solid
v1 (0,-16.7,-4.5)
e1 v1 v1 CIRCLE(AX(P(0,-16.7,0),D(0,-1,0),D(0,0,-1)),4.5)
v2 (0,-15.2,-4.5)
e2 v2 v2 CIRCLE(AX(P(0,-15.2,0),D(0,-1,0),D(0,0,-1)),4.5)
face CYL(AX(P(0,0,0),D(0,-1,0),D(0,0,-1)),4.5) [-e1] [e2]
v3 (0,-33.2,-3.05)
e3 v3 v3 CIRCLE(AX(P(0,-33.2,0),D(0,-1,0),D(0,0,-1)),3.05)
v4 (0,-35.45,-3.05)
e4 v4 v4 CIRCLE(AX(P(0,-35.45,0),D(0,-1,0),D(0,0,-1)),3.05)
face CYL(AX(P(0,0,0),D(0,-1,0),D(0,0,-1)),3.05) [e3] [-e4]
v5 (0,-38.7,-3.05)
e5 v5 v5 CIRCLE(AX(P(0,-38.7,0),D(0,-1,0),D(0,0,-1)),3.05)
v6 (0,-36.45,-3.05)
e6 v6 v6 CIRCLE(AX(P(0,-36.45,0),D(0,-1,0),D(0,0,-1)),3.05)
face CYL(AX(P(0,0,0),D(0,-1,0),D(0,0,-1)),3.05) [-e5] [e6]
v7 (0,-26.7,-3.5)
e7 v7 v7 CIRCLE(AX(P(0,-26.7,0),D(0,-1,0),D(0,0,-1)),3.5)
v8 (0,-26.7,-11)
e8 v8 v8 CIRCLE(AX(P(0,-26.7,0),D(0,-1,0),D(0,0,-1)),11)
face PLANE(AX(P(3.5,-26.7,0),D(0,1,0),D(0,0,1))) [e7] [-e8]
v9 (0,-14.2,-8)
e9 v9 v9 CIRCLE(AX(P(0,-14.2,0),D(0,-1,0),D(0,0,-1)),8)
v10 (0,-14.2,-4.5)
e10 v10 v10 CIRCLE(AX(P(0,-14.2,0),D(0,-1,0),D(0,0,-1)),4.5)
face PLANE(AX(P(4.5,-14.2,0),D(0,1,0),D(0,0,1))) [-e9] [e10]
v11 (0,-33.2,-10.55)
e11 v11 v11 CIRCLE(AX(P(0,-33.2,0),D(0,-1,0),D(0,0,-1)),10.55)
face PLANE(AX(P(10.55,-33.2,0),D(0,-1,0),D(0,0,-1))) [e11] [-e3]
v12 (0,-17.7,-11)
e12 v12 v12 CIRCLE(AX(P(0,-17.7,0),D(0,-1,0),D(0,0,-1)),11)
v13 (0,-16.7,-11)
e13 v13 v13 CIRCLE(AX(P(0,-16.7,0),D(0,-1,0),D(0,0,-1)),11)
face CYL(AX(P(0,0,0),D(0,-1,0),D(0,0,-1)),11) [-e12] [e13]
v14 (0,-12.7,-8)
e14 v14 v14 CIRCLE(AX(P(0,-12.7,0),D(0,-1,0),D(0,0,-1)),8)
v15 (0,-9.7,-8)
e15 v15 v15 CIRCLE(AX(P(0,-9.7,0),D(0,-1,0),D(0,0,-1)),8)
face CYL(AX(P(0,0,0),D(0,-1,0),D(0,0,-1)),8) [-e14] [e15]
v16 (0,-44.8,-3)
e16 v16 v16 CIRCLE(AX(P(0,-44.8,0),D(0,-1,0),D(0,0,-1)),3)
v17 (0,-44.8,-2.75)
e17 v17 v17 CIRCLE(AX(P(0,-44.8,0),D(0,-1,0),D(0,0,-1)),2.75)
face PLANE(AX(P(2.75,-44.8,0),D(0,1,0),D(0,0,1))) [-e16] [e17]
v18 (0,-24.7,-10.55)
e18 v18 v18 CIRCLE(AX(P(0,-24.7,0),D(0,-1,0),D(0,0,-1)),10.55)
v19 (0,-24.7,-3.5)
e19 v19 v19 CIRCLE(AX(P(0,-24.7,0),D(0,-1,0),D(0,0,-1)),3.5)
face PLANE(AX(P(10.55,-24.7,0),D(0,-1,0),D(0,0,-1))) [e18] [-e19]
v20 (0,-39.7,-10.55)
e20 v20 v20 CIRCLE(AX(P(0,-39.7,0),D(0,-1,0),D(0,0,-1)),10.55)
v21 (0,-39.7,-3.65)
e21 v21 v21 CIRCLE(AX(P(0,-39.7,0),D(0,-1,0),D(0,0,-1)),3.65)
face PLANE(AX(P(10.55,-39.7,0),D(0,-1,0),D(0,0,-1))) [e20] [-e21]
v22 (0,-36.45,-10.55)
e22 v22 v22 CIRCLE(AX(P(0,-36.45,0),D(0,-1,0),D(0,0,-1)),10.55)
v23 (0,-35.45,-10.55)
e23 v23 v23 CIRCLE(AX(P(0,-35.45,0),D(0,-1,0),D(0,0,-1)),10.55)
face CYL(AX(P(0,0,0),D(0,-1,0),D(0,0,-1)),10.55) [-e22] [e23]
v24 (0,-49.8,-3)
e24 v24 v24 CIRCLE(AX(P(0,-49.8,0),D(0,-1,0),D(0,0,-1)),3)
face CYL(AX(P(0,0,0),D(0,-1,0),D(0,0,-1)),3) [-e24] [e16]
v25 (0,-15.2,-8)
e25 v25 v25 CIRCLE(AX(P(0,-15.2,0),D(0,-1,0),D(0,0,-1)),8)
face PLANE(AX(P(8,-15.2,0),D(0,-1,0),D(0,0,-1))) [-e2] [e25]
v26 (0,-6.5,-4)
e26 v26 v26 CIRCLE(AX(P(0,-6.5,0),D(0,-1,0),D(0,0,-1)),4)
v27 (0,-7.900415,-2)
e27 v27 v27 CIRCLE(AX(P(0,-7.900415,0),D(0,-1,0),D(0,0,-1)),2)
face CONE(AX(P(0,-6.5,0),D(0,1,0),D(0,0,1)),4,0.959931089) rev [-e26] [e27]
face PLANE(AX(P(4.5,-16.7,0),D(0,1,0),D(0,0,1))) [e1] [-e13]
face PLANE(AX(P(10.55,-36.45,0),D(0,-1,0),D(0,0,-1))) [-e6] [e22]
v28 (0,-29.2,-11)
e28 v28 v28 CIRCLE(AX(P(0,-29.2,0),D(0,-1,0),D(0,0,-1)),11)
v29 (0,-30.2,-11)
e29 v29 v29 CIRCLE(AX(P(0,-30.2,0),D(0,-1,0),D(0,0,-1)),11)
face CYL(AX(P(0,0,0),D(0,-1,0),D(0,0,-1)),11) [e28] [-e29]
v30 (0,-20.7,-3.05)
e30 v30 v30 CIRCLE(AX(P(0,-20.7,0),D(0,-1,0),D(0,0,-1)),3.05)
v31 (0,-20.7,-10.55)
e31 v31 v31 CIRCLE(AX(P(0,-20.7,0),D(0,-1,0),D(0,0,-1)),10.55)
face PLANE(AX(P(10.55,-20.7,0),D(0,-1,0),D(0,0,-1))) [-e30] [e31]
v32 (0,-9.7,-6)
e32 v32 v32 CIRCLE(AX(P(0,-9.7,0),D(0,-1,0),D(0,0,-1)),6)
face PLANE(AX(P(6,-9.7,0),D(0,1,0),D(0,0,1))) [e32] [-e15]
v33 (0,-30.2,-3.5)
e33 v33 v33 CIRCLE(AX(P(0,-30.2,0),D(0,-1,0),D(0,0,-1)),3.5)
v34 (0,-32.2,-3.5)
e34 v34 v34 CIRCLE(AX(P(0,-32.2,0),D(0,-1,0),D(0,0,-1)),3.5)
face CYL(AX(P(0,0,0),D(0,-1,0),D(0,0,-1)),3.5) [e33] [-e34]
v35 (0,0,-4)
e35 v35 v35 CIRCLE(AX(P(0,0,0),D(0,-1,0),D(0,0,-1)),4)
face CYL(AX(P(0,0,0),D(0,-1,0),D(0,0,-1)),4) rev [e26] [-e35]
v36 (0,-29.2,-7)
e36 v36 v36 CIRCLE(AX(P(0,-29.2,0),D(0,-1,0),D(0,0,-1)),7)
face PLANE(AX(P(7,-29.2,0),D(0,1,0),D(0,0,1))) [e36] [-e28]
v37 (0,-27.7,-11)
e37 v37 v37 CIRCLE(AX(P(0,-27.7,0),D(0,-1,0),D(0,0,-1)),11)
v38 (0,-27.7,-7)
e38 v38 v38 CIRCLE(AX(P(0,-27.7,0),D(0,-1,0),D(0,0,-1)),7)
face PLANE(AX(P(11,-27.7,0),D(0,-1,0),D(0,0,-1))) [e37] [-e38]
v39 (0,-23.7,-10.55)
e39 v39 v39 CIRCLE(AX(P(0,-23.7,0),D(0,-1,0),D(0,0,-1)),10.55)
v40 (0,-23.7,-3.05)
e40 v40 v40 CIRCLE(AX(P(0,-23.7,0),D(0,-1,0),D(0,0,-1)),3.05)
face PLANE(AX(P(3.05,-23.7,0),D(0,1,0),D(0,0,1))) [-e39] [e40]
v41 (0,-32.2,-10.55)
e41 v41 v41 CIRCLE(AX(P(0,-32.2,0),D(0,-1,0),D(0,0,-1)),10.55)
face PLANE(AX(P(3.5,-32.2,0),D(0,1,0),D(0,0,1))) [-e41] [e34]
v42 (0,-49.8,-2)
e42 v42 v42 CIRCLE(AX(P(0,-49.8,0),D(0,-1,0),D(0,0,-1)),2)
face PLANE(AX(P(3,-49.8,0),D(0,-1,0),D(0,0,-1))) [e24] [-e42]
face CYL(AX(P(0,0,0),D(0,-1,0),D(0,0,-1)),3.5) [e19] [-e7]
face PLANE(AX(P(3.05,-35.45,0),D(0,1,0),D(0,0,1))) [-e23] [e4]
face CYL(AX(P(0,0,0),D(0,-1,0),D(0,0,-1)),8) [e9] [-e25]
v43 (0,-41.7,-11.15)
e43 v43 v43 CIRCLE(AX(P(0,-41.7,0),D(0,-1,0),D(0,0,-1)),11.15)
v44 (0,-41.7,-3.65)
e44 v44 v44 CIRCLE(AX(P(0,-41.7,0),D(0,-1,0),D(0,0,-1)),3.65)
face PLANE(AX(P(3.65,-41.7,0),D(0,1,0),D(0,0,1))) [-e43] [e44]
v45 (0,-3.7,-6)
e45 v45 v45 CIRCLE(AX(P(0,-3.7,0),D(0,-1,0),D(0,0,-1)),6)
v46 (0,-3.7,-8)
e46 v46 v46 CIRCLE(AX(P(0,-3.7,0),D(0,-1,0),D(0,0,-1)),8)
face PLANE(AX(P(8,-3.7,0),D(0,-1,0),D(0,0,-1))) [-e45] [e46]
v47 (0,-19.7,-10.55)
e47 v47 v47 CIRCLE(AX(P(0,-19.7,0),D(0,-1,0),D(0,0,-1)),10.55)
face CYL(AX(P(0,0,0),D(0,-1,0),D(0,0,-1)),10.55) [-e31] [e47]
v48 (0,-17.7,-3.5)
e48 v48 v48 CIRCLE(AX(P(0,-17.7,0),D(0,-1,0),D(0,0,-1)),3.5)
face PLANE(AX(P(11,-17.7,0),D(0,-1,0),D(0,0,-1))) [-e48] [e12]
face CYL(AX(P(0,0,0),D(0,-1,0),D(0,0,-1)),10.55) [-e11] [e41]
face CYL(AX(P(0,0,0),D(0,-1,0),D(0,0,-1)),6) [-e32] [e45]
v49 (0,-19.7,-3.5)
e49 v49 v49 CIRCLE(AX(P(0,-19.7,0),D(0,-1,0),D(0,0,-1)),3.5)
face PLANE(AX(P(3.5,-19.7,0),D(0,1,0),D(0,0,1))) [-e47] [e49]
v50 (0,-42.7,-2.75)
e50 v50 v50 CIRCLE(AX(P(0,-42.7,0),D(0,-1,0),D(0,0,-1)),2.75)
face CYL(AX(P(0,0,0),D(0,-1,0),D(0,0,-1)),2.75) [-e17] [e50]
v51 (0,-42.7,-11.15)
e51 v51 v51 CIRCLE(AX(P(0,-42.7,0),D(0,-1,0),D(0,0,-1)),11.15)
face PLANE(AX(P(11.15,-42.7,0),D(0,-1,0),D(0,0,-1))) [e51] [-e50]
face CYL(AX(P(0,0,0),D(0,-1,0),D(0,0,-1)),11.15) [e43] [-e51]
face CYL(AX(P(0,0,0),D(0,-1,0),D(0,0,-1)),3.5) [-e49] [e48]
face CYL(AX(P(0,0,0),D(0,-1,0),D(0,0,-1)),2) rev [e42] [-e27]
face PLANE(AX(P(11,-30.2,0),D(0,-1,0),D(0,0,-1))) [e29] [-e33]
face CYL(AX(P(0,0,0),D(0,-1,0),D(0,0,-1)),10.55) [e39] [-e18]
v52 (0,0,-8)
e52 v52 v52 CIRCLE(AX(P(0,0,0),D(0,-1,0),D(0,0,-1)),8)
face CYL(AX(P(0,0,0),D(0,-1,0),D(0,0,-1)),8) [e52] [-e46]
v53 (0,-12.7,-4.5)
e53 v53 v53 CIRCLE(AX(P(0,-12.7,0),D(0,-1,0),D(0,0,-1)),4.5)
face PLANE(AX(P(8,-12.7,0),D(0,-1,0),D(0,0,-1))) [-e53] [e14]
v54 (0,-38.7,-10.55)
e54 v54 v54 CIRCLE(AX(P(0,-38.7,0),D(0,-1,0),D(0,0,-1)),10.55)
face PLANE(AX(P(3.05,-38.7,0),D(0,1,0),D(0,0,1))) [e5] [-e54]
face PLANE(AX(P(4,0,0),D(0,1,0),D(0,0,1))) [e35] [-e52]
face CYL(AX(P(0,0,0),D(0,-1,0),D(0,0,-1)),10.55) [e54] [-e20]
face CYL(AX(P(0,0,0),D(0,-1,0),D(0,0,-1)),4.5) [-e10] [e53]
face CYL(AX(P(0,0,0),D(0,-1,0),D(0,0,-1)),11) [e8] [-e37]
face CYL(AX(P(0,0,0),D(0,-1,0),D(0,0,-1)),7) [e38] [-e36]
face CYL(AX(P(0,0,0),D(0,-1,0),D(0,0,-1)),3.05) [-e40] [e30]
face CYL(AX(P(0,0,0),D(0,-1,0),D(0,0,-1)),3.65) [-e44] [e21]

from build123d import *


with BuildPart() as part:
    # Skizze1 → Rotation1 (revolve)
    with BuildSketch(Plane.XY, mode=Mode.PRIVATE) as rotation1_sk:
        Polygon((4, 0), (8, 0), (8, -3.7), (6, -3.7), (6, -9.7), (8, -9.7), (8, -12.7), (4.5, -12.7), (4.5, -14.2), (8, -14.2), (8, -15.2), (4.5, -15.2), (4.5, -16.7), (11, -16.7), (11, -17.7), (3.5, -17.7), (3.5, -19.7), (10.55, -19.7), (10.55, -20.7), (3.05, -20.7), (3.05, -23.7), (10.55, -23.7), (10.55, -24.7), (3.5, -24.7), (3.5, -26.7), (11, -26.7), (11, -27.7), (7, -27.7), (7, -29.2), (11, -29.2), (11, -30.2), (3.5, -30.2), (3.5, -32.2), (10.55, -32.2), (10.55, -33.2), (3.05, -33.2), (3.05, -35.45), (10.55, -35.45), (10.55, -36.45), (3.05, -36.45), (3.05, -38.7), (10.55, -38.7), (10.55, -39.7), (3.65, -39.7), (3.65, -41.7), (11.15, -41.7), (11.15, -42.7), (2.75, -42.7), (2.75, -44.8), (3, -44.8), (3, -49.8), (2, -49.8), (2, -7.900415076), (4, -6.5), align=None)
    revolve(rotation1_sk.sketch.rotate(Axis((0, 0, 0), (0, 1, 0)), 90), axis=Axis((0, 0, 0), (0, 1, 0)))


solid = part.part
